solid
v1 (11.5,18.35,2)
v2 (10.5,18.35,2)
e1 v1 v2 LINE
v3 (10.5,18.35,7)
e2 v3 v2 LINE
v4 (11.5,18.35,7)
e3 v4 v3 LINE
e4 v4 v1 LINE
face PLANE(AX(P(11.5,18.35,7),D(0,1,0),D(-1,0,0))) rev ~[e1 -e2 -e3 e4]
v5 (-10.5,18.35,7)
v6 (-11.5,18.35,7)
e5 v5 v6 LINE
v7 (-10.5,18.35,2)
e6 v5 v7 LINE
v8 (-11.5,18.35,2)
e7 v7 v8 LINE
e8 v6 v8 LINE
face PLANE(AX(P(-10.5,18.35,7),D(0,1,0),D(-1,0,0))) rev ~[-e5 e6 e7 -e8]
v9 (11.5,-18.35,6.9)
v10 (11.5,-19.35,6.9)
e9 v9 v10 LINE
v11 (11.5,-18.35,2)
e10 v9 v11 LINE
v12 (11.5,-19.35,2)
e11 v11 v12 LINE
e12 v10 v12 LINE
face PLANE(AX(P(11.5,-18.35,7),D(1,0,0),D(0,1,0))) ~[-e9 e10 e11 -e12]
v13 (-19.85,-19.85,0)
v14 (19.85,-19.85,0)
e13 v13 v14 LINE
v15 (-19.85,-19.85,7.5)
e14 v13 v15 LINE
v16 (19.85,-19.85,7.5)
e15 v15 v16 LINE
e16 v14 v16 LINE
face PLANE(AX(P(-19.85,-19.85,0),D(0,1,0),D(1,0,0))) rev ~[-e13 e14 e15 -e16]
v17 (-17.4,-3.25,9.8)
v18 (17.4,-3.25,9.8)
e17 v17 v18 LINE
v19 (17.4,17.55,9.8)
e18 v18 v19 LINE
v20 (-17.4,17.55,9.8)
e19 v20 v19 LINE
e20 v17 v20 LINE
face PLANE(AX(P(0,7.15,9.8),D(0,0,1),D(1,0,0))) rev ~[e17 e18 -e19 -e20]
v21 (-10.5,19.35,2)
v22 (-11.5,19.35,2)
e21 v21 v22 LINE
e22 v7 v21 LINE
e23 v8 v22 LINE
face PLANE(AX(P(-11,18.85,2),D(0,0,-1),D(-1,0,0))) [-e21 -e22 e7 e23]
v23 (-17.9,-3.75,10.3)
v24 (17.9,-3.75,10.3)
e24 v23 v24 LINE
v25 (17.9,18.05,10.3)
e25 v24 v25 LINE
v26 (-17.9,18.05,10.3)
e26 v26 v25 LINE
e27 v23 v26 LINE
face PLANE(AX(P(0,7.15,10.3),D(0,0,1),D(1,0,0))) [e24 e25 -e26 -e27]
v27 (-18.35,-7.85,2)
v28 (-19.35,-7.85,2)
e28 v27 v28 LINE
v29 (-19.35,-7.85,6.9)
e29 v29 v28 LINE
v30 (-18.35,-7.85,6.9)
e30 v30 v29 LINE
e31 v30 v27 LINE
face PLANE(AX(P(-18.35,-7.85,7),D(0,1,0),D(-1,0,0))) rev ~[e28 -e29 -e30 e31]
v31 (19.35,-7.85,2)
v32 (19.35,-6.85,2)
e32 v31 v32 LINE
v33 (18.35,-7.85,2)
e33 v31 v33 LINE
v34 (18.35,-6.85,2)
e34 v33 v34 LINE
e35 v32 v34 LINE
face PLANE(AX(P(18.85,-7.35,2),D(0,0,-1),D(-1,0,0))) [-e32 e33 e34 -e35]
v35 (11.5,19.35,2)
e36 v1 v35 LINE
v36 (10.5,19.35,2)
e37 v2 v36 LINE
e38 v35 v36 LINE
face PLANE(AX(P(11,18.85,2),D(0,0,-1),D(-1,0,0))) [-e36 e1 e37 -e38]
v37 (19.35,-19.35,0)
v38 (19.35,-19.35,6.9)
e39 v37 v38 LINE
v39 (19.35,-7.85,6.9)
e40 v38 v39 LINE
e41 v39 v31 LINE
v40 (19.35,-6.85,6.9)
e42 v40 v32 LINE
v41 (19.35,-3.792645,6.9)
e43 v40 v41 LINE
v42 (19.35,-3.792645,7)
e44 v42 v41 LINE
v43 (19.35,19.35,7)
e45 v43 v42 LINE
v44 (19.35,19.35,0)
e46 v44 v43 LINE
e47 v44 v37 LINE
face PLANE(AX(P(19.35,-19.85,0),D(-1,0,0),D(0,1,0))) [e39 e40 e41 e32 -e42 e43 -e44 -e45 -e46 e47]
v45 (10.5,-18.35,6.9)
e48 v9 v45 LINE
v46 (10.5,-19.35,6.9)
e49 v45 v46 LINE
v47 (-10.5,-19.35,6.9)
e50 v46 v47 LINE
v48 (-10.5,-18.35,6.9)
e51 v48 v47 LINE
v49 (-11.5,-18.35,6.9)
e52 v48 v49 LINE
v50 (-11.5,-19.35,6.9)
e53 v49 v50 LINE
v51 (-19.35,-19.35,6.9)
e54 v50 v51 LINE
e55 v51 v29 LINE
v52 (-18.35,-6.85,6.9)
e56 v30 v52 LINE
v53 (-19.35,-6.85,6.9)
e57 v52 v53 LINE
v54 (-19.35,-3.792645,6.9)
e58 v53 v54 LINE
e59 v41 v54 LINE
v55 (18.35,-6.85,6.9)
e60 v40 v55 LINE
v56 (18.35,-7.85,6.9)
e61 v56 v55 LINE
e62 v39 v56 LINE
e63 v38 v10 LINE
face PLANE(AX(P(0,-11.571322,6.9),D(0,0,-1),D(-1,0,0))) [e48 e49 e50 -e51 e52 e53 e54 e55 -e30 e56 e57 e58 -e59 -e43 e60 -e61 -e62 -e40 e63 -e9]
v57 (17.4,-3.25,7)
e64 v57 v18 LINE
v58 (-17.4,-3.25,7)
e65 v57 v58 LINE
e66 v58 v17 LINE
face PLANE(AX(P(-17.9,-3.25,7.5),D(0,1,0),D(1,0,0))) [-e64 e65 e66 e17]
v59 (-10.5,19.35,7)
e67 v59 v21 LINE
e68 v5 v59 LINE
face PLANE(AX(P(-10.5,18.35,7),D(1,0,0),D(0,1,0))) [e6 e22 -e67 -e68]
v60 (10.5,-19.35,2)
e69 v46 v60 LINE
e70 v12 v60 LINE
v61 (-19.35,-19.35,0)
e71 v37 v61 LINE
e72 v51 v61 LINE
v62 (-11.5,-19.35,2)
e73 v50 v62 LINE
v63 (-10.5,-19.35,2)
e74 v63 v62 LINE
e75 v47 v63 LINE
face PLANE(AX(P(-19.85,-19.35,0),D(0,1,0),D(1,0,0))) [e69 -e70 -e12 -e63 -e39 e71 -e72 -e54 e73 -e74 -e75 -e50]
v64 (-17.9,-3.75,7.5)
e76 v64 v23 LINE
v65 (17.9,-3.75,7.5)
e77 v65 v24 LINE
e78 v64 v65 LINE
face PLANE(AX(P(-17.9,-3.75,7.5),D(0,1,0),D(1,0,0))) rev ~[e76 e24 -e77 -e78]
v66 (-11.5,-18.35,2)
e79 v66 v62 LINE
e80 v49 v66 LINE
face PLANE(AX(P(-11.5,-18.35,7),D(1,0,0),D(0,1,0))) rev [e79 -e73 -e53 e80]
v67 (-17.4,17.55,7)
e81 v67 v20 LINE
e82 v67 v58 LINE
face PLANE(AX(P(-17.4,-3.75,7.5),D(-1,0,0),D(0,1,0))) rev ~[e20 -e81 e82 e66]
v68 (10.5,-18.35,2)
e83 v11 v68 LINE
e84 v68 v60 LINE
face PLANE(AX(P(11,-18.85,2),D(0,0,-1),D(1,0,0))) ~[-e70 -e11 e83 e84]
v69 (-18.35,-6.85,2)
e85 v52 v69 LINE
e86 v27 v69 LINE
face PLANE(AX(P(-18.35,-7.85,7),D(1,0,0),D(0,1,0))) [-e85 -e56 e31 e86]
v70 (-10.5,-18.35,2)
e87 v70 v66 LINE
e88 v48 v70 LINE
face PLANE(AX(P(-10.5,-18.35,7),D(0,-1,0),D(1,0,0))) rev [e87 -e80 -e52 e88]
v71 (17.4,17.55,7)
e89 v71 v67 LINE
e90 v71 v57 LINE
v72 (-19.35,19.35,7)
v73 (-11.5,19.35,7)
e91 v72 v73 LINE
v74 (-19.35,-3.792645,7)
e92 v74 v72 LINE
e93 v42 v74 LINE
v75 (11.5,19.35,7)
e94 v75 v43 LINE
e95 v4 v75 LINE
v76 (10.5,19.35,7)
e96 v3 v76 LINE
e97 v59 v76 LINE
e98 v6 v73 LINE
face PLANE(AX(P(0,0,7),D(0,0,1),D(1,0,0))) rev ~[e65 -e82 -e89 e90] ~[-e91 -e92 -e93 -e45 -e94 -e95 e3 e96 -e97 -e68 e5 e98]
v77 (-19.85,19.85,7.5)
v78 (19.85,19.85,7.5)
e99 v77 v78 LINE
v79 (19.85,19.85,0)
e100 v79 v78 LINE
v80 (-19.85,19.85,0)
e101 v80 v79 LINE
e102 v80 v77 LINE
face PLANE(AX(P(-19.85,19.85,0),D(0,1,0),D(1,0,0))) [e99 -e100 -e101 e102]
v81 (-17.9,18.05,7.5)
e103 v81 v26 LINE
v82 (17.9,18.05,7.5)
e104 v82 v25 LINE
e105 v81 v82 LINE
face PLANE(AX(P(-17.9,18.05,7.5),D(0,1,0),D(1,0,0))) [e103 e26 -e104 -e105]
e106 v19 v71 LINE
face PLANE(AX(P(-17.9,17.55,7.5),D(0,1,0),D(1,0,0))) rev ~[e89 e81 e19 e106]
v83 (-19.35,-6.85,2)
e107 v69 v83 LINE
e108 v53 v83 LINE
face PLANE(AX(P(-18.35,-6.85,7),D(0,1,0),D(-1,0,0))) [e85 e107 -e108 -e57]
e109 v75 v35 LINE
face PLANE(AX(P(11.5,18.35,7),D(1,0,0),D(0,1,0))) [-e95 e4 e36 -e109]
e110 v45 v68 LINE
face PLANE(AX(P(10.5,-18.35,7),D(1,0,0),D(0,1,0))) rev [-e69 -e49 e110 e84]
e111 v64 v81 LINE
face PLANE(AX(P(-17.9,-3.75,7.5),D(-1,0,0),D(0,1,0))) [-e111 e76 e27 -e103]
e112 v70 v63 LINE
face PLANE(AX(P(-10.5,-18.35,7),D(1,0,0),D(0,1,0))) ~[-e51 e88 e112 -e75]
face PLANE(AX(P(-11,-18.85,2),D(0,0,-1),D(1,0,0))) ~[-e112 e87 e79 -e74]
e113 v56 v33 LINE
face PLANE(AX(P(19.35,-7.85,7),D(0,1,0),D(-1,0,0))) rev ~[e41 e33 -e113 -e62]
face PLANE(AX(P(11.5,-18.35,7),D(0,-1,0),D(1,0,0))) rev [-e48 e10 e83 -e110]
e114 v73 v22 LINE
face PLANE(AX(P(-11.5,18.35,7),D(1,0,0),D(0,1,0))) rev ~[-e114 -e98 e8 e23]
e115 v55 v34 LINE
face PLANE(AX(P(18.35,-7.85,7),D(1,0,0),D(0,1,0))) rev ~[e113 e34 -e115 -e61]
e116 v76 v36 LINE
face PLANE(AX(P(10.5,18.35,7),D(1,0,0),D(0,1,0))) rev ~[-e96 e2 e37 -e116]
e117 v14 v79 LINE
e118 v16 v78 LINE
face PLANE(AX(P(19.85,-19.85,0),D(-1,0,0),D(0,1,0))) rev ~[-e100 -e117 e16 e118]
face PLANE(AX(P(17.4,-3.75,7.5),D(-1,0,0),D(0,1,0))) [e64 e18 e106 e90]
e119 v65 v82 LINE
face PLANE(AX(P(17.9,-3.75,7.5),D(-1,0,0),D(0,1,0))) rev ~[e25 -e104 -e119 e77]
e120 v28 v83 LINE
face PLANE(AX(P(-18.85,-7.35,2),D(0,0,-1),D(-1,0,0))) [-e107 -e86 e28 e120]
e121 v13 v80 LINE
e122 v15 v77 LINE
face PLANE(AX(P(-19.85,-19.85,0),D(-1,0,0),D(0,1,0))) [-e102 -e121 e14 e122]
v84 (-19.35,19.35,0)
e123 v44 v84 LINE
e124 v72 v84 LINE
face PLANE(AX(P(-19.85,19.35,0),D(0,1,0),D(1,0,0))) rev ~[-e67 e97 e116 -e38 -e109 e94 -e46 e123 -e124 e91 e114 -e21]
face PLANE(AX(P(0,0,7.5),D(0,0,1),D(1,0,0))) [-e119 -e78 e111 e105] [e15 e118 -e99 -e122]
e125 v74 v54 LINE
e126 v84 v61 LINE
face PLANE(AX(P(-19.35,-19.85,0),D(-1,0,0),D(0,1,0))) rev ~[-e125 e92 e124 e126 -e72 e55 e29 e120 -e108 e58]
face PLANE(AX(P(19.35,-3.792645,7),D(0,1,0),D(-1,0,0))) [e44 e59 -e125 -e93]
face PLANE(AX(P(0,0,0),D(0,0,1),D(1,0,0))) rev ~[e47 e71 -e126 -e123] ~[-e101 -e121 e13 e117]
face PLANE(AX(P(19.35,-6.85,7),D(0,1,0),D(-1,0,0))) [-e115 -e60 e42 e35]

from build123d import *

# Parameters (mm, degrees)
SKETCH1_W           = 39.7
SKETCH1_H           = 39.7
BOSS_EXTRUDE1_DEPTH = 7.5
SKETCH2_W           = 35.8
SKETCH2_H           = 21.8
BOSS_EXTRUDE2_DEPTH = 2.8
SHELL1_T            = -0.5
SKETCH4_W           = 1
SKETCH4_H           = 1
BOSS_EXTRUDE3_DEPTH = 5
SKETCH5_W           = 1
SKETCH5_H           = 1
BOSS_EXTRUDE4_DEPTH = 5
SKETCH6_W           = 38.7
SKETCH6_H           = 15.557355087
BOSS_EXTRUDE5_DEPTH = 0.1


with BuildPart() as part:
    # Sketch1 → Boss-Extrude1 (new body)
    with BuildSketch(Plane.XY):
        Rectangle(SKETCH1_W, SKETCH1_H)
    extrude(amount=BOSS_EXTRUDE1_DEPTH)

    # Sketch2 → Boss-Extrude2 (add)
    with BuildSketch(Plane.XY.offset(7.5)):
        with Locations((0, 7.15)):
            Rectangle(SKETCH2_W, SKETCH2_H)
    extrude(amount=BOSS_EXTRUDE2_DEPTH)

    # Shell1
    shell1_openings = [part.faces().sort_by_distance(p)[0] for p in [
        (0, 0, 0),
    ]]
    offset(amount=SHELL1_T, openings=shell1_openings, kind=Kind.INTERSECTION)

    # Sketch4 → Boss-Extrude3 (add)
    with BuildSketch(Plane(origin=(0, 0, 7), x_dir=(-1, 0, 0), z_dir=(0, 0, -1))):
        with Locations((-11, 18.85)):
            Rectangle(SKETCH4_W, SKETCH4_H)
        with Locations((11, 18.85)):
            Rectangle(SKETCH4_W, SKETCH4_H)
    boss_extrude3 = extrude(amount=BOSS_EXTRUDE3_DEPTH)

    # Mirror1: Boss-Extrude3 across plane
    add(boss_extrude3.mirror(Plane.ZX))

    # Sketch5 → Boss-Extrude4 (add)
    with BuildSketch(Plane(origin=(0, 0, 7), x_dir=(-1, 0, 0), z_dir=(0, 0, -1))):
        with Locations((-18.85, -7.35)):
            Rectangle(SKETCH5_W, SKETCH5_H)
        with Locations((18.85, -7.35)):
            Rectangle(SKETCH5_W, SKETCH5_H)
    extrude(amount=BOSS_EXTRUDE4_DEPTH)

    # Sketch6 → Boss-Extrude5 (add)
    with BuildSketch(Plane(origin=(0, 0, 7), x_dir=(-1, 0, 0), z_dir=(0, 0, -1))):
        with Locations((0, -11.571322457)):
            Rectangle(SKETCH6_W, SKETCH6_H)
    extrude(amount=BOSS_EXTRUDE5_DEPTH)


solid = part.part
